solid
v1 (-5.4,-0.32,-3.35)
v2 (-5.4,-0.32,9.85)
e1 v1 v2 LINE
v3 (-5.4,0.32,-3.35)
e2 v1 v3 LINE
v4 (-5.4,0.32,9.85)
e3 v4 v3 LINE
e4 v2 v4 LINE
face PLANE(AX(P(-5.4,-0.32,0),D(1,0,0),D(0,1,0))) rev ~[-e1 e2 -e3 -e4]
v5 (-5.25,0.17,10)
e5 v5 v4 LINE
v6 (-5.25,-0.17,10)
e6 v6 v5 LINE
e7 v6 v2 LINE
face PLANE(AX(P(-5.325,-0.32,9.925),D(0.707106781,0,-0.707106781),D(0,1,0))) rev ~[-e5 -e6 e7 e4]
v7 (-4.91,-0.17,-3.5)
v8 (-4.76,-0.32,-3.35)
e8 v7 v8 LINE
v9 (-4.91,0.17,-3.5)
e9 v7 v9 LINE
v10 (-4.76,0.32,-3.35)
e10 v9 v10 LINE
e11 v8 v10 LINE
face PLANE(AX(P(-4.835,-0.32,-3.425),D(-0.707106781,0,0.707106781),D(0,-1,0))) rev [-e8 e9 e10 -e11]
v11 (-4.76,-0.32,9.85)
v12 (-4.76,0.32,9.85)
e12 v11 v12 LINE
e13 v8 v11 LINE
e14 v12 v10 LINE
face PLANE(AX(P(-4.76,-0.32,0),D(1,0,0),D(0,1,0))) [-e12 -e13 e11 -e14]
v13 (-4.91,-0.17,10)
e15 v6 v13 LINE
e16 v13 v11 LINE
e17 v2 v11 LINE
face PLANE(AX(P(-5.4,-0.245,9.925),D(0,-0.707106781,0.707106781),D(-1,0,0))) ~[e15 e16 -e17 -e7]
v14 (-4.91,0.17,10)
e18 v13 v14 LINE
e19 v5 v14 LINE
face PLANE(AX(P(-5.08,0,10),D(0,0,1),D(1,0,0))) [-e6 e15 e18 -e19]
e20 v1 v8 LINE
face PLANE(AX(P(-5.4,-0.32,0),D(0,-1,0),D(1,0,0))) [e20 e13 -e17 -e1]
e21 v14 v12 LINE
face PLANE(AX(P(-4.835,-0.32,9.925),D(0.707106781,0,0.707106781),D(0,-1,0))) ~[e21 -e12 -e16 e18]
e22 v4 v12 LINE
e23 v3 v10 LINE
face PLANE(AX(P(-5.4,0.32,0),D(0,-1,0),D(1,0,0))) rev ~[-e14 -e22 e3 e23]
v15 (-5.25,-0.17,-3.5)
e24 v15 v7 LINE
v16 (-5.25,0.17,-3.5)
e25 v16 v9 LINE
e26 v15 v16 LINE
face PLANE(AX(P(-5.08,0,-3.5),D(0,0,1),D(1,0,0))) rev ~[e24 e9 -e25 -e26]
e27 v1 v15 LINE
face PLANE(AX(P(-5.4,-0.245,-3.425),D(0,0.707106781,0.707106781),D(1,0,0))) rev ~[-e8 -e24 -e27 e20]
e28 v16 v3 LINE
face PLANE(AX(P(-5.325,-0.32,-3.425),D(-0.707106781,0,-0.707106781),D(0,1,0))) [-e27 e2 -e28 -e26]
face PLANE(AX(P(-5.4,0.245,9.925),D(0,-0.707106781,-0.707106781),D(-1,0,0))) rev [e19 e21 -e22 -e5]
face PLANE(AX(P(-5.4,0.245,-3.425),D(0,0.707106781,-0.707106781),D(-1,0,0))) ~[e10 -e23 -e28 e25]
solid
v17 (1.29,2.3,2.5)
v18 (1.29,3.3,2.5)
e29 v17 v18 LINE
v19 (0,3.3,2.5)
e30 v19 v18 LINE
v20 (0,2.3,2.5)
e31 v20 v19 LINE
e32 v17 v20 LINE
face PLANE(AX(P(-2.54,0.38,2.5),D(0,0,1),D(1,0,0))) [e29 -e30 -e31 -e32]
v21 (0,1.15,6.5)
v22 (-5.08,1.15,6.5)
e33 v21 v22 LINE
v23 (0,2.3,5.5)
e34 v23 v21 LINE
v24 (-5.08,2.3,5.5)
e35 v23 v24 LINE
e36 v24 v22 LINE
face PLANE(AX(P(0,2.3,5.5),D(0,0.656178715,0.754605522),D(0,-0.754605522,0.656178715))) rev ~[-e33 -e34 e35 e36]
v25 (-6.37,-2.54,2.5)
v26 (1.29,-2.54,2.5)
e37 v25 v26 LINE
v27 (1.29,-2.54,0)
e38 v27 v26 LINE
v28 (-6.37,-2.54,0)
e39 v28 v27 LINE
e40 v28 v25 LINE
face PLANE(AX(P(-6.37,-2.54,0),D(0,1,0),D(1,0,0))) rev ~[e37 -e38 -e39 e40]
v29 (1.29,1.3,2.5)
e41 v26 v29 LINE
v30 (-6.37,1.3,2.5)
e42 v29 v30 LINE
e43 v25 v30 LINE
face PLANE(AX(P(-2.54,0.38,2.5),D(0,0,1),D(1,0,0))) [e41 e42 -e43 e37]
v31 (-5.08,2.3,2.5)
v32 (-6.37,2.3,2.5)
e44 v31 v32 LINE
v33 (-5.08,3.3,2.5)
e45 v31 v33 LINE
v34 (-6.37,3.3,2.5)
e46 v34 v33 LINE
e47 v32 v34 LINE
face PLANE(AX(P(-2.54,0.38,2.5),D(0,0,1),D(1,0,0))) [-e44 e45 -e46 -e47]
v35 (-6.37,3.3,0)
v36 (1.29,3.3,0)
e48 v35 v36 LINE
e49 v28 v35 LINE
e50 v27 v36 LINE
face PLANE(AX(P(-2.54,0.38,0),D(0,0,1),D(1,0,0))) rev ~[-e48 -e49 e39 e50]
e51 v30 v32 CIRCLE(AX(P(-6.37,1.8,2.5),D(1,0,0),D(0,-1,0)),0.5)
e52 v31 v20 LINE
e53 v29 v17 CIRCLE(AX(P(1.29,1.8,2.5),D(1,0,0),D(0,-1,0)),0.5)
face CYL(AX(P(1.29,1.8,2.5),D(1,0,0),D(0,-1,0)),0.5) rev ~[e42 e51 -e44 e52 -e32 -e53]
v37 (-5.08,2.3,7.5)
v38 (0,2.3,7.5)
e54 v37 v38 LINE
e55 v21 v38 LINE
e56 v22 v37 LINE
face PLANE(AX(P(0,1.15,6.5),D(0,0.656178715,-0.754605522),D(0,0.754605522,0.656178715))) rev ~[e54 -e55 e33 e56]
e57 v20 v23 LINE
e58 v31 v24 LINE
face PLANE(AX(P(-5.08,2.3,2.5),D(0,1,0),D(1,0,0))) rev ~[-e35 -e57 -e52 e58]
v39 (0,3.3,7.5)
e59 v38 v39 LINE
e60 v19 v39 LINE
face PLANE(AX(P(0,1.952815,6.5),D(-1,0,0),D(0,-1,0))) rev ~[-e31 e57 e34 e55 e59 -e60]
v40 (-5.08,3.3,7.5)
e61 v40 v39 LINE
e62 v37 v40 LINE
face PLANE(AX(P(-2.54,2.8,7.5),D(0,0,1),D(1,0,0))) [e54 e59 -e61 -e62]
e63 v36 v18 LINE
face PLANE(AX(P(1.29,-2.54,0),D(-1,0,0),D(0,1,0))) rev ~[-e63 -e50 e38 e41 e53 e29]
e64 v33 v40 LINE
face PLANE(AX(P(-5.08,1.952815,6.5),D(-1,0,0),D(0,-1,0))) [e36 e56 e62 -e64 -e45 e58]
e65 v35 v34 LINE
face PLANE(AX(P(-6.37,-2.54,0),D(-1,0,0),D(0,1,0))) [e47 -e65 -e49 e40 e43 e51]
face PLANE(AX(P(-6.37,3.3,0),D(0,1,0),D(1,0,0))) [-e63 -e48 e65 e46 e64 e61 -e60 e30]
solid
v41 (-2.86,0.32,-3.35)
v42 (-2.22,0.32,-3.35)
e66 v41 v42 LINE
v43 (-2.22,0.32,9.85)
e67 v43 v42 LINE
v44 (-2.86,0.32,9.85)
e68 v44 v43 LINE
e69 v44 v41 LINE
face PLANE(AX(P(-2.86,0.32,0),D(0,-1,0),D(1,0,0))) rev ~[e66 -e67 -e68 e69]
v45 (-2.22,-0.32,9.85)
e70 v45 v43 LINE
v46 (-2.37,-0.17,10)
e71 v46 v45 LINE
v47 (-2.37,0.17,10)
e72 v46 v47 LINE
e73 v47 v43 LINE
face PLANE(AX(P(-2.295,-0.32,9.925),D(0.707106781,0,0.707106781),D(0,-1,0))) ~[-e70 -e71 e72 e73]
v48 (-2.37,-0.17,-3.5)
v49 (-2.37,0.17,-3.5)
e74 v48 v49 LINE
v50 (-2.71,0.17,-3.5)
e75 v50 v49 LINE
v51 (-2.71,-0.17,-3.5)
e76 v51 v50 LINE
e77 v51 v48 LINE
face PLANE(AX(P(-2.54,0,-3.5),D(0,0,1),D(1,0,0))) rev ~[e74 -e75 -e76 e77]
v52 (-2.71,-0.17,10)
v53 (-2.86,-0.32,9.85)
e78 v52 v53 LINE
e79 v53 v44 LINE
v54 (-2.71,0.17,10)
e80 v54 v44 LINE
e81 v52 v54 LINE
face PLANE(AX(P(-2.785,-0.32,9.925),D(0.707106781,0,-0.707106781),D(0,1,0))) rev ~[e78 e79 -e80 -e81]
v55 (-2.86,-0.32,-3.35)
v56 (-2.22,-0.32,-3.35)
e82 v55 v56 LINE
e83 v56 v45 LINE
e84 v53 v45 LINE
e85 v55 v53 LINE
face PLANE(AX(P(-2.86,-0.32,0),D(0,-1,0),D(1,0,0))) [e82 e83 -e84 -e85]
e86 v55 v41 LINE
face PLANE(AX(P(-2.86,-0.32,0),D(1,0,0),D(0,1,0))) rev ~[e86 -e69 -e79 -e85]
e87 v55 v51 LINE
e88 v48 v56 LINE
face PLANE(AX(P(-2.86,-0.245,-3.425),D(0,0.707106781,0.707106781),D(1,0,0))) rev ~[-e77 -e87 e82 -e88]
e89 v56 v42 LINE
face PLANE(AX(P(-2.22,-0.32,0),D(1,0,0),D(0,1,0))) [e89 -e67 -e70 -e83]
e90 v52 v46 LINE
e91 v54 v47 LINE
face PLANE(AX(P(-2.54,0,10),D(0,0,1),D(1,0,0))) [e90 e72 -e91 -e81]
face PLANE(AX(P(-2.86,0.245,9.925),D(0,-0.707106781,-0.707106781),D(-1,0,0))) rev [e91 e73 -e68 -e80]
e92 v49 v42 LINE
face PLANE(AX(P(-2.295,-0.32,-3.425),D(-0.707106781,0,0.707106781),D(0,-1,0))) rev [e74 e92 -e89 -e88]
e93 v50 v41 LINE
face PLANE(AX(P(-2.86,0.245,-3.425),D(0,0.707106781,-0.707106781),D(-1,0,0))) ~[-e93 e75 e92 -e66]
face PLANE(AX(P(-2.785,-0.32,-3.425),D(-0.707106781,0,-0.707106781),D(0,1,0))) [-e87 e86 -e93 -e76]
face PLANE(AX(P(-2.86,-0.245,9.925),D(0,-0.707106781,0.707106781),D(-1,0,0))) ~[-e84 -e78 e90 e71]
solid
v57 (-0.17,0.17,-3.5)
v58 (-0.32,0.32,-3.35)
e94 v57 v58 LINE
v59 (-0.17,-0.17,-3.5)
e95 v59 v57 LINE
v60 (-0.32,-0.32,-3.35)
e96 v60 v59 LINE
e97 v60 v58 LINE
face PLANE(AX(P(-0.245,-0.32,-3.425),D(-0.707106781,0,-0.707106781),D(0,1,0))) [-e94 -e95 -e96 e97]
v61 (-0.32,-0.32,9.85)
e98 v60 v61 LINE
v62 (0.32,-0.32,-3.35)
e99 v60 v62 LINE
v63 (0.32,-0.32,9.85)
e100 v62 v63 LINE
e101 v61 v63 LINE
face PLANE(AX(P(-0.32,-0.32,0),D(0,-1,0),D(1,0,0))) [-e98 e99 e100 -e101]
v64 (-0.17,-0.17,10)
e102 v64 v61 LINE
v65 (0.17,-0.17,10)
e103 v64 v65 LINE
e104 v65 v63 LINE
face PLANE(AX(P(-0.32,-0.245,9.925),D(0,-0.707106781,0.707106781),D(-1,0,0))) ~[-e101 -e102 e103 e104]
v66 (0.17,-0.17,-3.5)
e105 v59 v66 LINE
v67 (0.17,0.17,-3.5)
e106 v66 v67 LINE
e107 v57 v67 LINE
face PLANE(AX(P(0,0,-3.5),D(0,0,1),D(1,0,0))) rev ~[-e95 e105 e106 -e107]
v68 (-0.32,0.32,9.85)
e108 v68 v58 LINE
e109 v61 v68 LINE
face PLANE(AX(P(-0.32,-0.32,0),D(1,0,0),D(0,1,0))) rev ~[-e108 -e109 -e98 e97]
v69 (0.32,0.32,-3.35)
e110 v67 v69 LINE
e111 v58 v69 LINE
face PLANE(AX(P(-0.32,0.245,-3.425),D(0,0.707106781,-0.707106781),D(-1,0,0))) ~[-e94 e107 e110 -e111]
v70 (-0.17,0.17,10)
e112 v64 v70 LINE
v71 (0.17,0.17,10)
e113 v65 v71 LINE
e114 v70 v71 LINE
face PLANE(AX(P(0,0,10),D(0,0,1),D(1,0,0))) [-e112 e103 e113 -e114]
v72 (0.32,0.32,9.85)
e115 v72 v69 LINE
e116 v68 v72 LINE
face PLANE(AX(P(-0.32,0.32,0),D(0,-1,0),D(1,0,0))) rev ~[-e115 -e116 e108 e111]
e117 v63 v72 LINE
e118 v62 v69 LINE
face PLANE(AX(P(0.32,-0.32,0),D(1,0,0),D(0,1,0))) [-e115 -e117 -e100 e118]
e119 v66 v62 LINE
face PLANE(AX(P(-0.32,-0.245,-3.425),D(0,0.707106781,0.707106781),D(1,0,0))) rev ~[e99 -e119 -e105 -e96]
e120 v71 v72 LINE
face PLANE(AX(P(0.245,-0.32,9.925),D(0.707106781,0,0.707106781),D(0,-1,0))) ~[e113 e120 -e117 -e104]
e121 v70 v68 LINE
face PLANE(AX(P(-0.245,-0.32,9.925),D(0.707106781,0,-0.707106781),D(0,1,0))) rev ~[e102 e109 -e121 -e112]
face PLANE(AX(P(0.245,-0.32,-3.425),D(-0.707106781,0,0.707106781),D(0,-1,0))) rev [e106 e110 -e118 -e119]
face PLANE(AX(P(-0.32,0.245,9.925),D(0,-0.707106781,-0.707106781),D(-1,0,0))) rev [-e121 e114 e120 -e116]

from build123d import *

# Parameters (mm, degrees)
SKETCH_W          = 7.66
SKETCH_H          = 5.84
PAD_DEPTH         = 2.5
SKETCH001_W       = 5.08
SKETCH001_H       = 1
PAD001_DEPTH      = 5
PAD002_DEPTH      = 5.08
POCKET_DEPTH      = 7.661
SKETCH011_W       = 0.64
SKETCH011_H       = 0.64
PAD003_DEPTH      = 10
PAD003_DEPTH_BACK = 3.5
CHAMFER002_SIZE   = 0.15
CHAMFER003_SIZE   = 0.15
SKETCH012_W       = 0.64
SKETCH012_H       = 0.64
PAD004_DEPTH      = 10
PAD004_DEPTH_BACK = 3.5
CHAMFER001_SIZE   = 0.15
CHAMFER004_SIZE   = 0.15
SKETCH013_W       = 0.64
SKETCH013_H       = 0.64
PAD005_DEPTH      = 10
PAD005_DEPTH_BACK = 3.5
CHAMFER_SIZE      = 0.15
CHAMFER005_SIZE   = 0.15


with BuildPart() as pocket:
    # Sketch → Pad (new body)
    with BuildSketch(Plane.XY):
        with Locations((-2.54, 0.38)):
            Rectangle(SKETCH_W, SKETCH_H)
    extrude(amount=PAD_DEPTH)

    # Sketch001 → Pad001 (new body)
    with BuildSketch(Plane.XY.offset(2.5)):
        with Locations((-2.54, 2.8)):
            Rectangle(SKETCH001_W, SKETCH001_H)
    extrude(amount=PAD001_DEPTH)

    # Sketch002 → Pad002 (new body)
    with BuildSketch(Plane.YZ):
        Polygon((2.3, 7.5), (2.3, 5.5), (1.15, 6.5), align=None)
    extrude(amount=-PAD002_DEPTH)

    # Sketch015 → Pocket (cut, through all)
    with BuildSketch(Plane.YZ.offset(1.29)):
        with BuildLine():
            ThreePointArc((1.3, 2.5), (1.8, 2), (2.3, 2.5))
            Line((1.3, 2.5), (2.3, 2.5))
        make_face()
    extrude(amount=-POCKET_DEPTH, mode=Mode.SUBTRACT)


with BuildPart() as chamfer003:
    # Sketch011 → Pad003 (new body, two sides)
    with BuildSketch(Plane.XY) as pad003_sk:
        Rectangle(SKETCH011_W, SKETCH011_H)
    extrude(amount=PAD003_DEPTH)
    extrude(pad003_sk.sketch, amount=-PAD003_DEPTH_BACK)

    # Chamfer002
    chamfer002_edges = [chamfer003.edges().sort_by_distance(p)[0] for p in [
        (0, 0.32, 10),
        (0.32, 0, 10),
        (0, -0.32, 10),
        (-0.32, 0, 10),
    ]]
    chamfer(chamfer002_edges, length=CHAMFER002_SIZE)

    # Chamfer003
    chamfer003_edges = [chamfer003.edges().sort_by_distance(p)[0] for p in [
        (0, 0.32, -3.5),
        (0.32, 0, -3.5),
        (0, -0.32, -3.5),
        (-0.32, 0, -3.5),
    ]]
    chamfer(chamfer003_edges, length=CHAMFER003_SIZE)


with BuildPart() as chamfer004:
    # Sketch012 → Pad004 (new body, two sides)
    with BuildSketch(Plane.XY) as pad004_sk:
        with Locations((-2.54, 0)):
            Rectangle(SKETCH012_W, SKETCH012_H)
    extrude(amount=PAD004_DEPTH)
    extrude(pad004_sk.sketch, amount=-PAD004_DEPTH_BACK)

    # Chamfer001
    chamfer001_edges = [chamfer004.edges().sort_by_distance(p)[0] for p in [
        (-2.54, 0.32, 10),
        (-2.22, 0, 10),
        (-2.54, -0.32, 10),
        (-2.86, 0, 10),
    ]]
    chamfer(chamfer001_edges, length=CHAMFER001_SIZE)

    # Chamfer004
    chamfer004_edges = [chamfer004.edges().sort_by_distance(p)[0] for p in [
        (-2.54, 0.32, -3.5),
        (-2.22, 0, -3.5),
        (-2.54, -0.32, -3.5),
        (-2.86, 0, -3.5),
    ]]
    chamfer(chamfer004_edges, length=CHAMFER004_SIZE)


with BuildPart() as chamfer005:
    # Sketch013 → Pad005 (new body, two sides)
    with BuildSketch(Plane.XY) as pad005_sk:
        with Locations((-5.08, 0)):
            Rectangle(SKETCH013_W, SKETCH013_H)
    extrude(amount=PAD005_DEPTH)
    extrude(pad005_sk.sketch, amount=-PAD005_DEPTH_BACK)

    # Chamfer
    chamfer_edges = [chamfer005.edges().sort_by_distance(p)[0] for p in [
        (-5.08, 0.32, 10),
        (-4.76, 0, 10),
        (-5.08, -0.32, 10),
        (-5.4, 0, 10),
    ]]
    chamfer(chamfer_edges, length=CHAMFER_SIZE)

    # Chamfer005
    chamfer005_edges = [chamfer005.edges().sort_by_distance(p)[0] for p in [
        (-5.08, 0.32, -3.5),
        (-4.76, 0, -3.5),
        (-5.08, -0.32, -3.5),
        (-5.4, 0, -3.5),
    ]]
    chamfer(chamfer005_edges, length=CHAMFER005_SIZE)


solid = Compound([pocket.part, chamfer003.part, chamfer004.part, chamfer005.part])
